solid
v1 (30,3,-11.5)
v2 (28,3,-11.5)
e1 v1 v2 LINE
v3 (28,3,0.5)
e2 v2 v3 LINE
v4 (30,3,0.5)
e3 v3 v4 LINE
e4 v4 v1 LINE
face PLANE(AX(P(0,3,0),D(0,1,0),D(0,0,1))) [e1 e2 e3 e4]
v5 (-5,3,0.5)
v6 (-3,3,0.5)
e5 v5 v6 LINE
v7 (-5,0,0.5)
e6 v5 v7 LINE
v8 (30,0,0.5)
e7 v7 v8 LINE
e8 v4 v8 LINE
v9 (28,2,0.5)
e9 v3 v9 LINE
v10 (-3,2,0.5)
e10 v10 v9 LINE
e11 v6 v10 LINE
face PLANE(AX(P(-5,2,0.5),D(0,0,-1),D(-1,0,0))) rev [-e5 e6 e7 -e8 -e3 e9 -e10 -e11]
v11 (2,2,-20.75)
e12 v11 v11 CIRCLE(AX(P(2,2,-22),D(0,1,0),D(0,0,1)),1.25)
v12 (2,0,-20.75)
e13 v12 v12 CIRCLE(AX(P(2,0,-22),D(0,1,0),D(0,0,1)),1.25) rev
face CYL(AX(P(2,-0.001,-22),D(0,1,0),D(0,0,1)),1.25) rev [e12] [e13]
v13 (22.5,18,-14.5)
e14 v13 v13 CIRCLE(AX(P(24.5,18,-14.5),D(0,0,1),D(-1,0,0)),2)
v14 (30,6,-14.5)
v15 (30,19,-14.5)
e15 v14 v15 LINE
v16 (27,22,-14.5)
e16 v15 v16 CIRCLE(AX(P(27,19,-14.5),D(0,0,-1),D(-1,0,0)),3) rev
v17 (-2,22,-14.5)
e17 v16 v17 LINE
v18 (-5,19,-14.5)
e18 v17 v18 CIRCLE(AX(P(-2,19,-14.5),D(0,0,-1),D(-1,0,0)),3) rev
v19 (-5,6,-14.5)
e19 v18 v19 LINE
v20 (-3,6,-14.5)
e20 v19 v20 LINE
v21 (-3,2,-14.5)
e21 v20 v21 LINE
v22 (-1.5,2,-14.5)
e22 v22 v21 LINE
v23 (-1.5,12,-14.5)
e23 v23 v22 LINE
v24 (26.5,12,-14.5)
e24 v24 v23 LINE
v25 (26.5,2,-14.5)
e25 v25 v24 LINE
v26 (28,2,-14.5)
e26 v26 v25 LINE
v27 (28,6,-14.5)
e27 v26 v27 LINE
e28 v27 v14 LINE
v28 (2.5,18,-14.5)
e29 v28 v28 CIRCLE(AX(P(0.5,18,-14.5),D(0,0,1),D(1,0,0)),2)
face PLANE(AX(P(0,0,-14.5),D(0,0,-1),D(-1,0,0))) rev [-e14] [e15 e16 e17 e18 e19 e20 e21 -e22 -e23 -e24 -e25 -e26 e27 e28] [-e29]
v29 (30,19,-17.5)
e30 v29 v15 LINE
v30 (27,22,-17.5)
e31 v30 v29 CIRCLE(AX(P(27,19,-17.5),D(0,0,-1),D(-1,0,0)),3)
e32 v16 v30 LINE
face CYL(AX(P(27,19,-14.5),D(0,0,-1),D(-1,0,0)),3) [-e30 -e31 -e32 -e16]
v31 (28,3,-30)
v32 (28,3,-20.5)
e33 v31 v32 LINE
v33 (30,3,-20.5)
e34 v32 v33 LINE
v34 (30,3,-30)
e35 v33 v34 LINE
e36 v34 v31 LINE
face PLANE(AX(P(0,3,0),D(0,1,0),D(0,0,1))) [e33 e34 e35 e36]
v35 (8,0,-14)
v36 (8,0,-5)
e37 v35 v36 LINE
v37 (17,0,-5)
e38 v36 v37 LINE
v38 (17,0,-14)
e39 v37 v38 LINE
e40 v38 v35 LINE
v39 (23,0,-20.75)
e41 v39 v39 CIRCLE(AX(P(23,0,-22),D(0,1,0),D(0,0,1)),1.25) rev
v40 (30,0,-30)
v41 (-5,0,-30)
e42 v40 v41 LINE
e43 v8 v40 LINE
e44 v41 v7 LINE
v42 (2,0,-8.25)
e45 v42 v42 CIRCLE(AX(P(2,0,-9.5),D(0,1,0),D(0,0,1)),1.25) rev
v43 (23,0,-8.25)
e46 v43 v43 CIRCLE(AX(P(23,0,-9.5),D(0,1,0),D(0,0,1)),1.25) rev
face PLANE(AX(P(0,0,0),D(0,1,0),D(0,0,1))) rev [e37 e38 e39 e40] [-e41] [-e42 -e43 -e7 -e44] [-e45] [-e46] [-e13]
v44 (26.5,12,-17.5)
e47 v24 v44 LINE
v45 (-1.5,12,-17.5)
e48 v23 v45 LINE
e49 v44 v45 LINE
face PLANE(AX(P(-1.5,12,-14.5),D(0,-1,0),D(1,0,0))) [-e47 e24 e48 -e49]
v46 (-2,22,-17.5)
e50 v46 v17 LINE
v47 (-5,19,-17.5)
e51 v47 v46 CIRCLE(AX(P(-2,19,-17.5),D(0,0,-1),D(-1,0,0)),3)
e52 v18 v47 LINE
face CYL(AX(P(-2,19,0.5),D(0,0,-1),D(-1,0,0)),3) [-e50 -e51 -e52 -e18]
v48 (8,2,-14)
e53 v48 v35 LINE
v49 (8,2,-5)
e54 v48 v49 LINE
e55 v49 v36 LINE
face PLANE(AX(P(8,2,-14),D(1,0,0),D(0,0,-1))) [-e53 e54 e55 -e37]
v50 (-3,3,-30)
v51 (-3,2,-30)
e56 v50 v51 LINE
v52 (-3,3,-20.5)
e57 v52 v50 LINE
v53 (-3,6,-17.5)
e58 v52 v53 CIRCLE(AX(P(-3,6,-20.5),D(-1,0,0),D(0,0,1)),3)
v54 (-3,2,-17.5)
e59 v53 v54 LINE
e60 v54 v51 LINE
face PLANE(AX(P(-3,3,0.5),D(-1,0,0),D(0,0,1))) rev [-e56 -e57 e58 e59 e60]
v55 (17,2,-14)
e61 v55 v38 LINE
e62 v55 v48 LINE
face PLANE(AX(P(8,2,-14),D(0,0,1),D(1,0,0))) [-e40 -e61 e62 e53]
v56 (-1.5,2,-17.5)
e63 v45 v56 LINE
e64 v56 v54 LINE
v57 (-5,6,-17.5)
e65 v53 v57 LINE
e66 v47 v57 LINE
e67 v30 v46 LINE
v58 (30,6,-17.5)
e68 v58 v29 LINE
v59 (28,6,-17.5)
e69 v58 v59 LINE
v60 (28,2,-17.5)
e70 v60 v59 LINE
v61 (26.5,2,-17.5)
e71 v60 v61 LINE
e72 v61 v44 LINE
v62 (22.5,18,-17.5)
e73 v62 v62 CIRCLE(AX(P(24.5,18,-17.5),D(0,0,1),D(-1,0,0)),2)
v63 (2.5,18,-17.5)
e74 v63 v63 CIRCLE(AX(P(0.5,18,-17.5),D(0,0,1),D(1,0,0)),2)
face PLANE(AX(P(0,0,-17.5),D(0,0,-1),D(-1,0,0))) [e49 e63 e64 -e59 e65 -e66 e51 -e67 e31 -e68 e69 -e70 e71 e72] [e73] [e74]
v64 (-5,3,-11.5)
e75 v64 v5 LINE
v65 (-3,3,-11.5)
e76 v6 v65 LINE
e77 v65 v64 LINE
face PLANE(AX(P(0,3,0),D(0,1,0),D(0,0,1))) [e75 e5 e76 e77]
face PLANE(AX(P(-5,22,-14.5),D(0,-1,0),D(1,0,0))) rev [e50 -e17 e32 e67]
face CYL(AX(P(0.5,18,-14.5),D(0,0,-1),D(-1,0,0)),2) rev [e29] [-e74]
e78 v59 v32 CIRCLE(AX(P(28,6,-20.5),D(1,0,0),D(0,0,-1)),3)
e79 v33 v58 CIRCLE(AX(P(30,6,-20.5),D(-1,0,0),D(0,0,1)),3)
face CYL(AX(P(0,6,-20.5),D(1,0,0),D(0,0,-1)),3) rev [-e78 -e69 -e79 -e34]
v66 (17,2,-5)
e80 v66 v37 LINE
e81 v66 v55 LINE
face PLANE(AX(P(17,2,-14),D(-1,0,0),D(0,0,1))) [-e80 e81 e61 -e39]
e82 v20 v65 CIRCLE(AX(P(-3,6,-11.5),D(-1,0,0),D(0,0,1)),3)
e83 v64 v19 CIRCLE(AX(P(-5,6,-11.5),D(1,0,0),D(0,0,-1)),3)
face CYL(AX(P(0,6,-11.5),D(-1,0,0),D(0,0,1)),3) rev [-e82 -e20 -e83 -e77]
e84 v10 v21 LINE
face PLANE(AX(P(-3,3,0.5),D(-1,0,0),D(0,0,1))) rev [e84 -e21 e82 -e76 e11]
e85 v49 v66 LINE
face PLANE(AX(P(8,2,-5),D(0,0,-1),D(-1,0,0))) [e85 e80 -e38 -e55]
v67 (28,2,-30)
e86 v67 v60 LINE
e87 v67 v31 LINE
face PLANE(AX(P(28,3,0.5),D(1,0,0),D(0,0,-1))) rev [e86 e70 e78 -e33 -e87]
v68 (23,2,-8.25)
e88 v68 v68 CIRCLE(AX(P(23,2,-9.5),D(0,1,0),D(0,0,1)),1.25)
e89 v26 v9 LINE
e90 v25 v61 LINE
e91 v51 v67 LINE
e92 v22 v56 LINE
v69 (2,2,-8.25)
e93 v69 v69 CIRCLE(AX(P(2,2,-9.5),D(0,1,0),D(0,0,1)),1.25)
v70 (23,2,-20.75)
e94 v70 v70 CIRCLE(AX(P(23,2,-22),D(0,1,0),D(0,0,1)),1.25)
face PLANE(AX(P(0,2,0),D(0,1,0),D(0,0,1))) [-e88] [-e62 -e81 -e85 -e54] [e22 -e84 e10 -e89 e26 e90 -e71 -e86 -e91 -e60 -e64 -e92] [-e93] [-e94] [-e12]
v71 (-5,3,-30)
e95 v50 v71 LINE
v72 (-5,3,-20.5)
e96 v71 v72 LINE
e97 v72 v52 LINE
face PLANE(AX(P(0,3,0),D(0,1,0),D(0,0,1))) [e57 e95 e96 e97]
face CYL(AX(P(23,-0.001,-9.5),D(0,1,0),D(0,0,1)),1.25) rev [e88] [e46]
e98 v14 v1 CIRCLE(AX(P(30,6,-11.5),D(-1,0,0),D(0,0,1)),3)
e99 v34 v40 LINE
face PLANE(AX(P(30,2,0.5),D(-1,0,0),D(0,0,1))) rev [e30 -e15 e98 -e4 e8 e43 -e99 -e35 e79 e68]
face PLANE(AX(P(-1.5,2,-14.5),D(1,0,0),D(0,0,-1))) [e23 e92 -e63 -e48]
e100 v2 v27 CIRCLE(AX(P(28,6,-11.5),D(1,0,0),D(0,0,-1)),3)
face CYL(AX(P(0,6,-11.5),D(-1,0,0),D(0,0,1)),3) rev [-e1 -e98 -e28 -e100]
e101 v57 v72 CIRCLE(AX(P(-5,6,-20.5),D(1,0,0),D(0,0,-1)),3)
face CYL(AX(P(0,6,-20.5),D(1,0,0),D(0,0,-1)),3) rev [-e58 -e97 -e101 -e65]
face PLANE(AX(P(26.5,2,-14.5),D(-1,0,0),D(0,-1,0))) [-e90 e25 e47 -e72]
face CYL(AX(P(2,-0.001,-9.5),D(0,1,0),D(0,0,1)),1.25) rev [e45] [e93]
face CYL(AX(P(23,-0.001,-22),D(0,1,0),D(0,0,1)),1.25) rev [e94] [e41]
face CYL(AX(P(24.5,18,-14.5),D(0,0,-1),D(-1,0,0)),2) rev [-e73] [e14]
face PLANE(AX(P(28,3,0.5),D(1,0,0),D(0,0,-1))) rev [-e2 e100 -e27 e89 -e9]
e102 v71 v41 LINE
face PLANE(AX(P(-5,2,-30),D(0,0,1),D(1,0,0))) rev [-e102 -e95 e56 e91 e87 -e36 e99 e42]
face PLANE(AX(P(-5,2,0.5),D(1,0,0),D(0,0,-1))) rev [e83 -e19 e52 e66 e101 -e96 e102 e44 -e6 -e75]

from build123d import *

# Parameters (mm, degrees)
SKETCH9_W           = 35
SKETCH9_H           = 30.5
SKETCH9_W_2         = 9
SKETCH9_H_2         = 9
BOSS_EXTRUDE5_DEPTH = 2
BOSS_EXTRUDE6_DEPTH = 1
CUT_EXTRUDE4_REACH  = 44.474
SKETCH12_R          = 1.25
SKETCH16_W          = 35
SKETCH16_H          = 22
SKETCH16_R          = 2
SKETCH16_W_2        = 28
SKETCH16_H_2        = 10
BOSS_EXTRUDE9_DEPTH = 3
SKETCH17_W          = 31
SKETCH17_H          = 1
CUT_EXTRUDE8_DEPTH  = 47.864165415
FILLET3_R           = 3


with BuildPart() as part:
    # Sketch9 → Boss-Extrude5 (new body)
    with BuildSketch(Plane(origin=(0, 0, 0), x_dir=(1, 0, 0), z_dir=(0, 1, 0))):
        with Locations((12.5, 14.75)):
            Rectangle(SKETCH9_W, SKETCH9_H)
        with Locations((12.5, 9.5)):
            Rectangle(SKETCH9_W_2, SKETCH9_H_2, mode=Mode.SUBTRACT)
    extrude(amount=BOSS_EXTRUDE5_DEPTH)

    # Sketch10 → Boss-Extrude6 (add)
    with BuildSketch(Plane(origin=(0, 2, 0), x_dir=(1, 0, 0), z_dir=(0, 1, 0))):
        Polygon((28, -0.5), (28, 28), (-3, 28), (-3, -0.5), (-5, -0.5), (-5, 30), (30, 30), (30, -0.5), align=None)
    extrude(amount=BOSS_EXTRUDE6_DEPTH)

    # Sketch12 → Cut-Extrude4 (cut, up to next)
    with BuildSketch(Plane(origin=(0, 2, 0), x_dir=(1, 0, 0), z_dir=(0, 1, 0)), mode=Mode.PRIVATE) as cut_extrude4_sk1:
        with Locations(Location((2, 22, 0), (0, 0, 270))):
            Circle(SKETCH12_R)
    cut_extrude4_tool1 = extrude(cut_extrude4_sk1.sketch, amount=-CUT_EXTRUDE4_REACH, mode=Mode.PRIVATE) & part.part
    # Sketch12 → Cut-Extrude4 (cut, up to next)
    with BuildSketch(Plane(origin=(0, 2, 0), x_dir=(1, 0, 0), z_dir=(0, 1, 0)), mode=Mode.PRIVATE) as cut_extrude4_sk2:
        with Locations(Location((2, 9.5, 0), (0, 0, 270))):
            Circle(SKETCH12_R)
    cut_extrude4_tool2 = extrude(cut_extrude4_sk2.sketch, amount=-CUT_EXTRUDE4_REACH, mode=Mode.PRIVATE) & part.part
    # Sketch12 → Cut-Extrude4 (cut, up to next)
    with BuildSketch(Plane(origin=(0, 2, 0), x_dir=(1, 0, 0), z_dir=(0, 1, 0)), mode=Mode.PRIVATE) as cut_extrude4_sk3:
        with Locations(Location((23, 9.5, 0), (0, 0, 270))):
            Circle(SKETCH12_R)
    cut_extrude4_tool3 = extrude(cut_extrude4_sk3.sketch, amount=-CUT_EXTRUDE4_REACH, mode=Mode.PRIVATE) & part.part
    # Sketch12 → Cut-Extrude4 (cut, up to next)
    with BuildSketch(Plane(origin=(0, 2, 0), x_dir=(1, 0, 0), z_dir=(0, 1, 0)), mode=Mode.PRIVATE) as cut_extrude4_sk4:
        with Locations(Location((23, 22, 0), (0, 0, 270))):
            Circle(SKETCH12_R)
    cut_extrude4_tool4 = extrude(cut_extrude4_sk4.sketch, amount=-CUT_EXTRUDE4_REACH, mode=Mode.PRIVATE) & part.part
    add(cut_extrude4_tool1.solids().sort_by_distance((2, 2, -22))[0], mode=Mode.SUBTRACT)
    add(cut_extrude4_tool2.solids().sort_by_distance((2, 2, -9.5))[0], mode=Mode.SUBTRACT)
    add(cut_extrude4_tool3.solids().sort_by_distance((23, 2, -9.5))[0], mode=Mode.SUBTRACT)
    add(cut_extrude4_tool4.solids().sort_by_distance((23, 2, -22))[0], mode=Mode.SUBTRACT)

    # Sketch16 → Boss-Extrude9 (add)
    with BuildSketch(Plane.XY.offset(-17.5)):
        with Locations((12.5, 11)):
            Rectangle(SKETCH16_W, SKETCH16_H)
        with Locations((0.5, 18)):
            Circle(SKETCH16_R, mode=Mode.SUBTRACT)
        with Locations(Location((24.5, 18, 0), (0, 0, 180))):
            Circle(SKETCH16_R, mode=Mode.SUBTRACT)
        with Locations((12.5, 7)):
            Rectangle(SKETCH16_W_2, SKETCH16_H_2, mode=Mode.SUBTRACT)
    extrude(amount=BOSS_EXTRUDE9_DEPTH)

    # Sketch17 → Cut-Extrude8 (cut, through all)
    with BuildSketch(Plane.XY.offset(-28)):
        with Locations((12.5, 2.5)):
            Rectangle(SKETCH17_W, SKETCH17_H)
    extrude(amount=-CUT_EXTRUDE8_DEPTH, mode=Mode.SUBTRACT)

    # Fillet3
    fillet3_edges = [part.edges().sort_by_distance(p)[0] for p in [
        (-4, 3, -17.5),
        (29, 3, -17.5),
        (-4, 3, -14.5),
        (29, 3, -14.5),
        (-5, 22, -16),
        (30, 22, -16),
    ]]
    fillet(fillet3_edges, radius=FILLET3_R)


solid = part.part
